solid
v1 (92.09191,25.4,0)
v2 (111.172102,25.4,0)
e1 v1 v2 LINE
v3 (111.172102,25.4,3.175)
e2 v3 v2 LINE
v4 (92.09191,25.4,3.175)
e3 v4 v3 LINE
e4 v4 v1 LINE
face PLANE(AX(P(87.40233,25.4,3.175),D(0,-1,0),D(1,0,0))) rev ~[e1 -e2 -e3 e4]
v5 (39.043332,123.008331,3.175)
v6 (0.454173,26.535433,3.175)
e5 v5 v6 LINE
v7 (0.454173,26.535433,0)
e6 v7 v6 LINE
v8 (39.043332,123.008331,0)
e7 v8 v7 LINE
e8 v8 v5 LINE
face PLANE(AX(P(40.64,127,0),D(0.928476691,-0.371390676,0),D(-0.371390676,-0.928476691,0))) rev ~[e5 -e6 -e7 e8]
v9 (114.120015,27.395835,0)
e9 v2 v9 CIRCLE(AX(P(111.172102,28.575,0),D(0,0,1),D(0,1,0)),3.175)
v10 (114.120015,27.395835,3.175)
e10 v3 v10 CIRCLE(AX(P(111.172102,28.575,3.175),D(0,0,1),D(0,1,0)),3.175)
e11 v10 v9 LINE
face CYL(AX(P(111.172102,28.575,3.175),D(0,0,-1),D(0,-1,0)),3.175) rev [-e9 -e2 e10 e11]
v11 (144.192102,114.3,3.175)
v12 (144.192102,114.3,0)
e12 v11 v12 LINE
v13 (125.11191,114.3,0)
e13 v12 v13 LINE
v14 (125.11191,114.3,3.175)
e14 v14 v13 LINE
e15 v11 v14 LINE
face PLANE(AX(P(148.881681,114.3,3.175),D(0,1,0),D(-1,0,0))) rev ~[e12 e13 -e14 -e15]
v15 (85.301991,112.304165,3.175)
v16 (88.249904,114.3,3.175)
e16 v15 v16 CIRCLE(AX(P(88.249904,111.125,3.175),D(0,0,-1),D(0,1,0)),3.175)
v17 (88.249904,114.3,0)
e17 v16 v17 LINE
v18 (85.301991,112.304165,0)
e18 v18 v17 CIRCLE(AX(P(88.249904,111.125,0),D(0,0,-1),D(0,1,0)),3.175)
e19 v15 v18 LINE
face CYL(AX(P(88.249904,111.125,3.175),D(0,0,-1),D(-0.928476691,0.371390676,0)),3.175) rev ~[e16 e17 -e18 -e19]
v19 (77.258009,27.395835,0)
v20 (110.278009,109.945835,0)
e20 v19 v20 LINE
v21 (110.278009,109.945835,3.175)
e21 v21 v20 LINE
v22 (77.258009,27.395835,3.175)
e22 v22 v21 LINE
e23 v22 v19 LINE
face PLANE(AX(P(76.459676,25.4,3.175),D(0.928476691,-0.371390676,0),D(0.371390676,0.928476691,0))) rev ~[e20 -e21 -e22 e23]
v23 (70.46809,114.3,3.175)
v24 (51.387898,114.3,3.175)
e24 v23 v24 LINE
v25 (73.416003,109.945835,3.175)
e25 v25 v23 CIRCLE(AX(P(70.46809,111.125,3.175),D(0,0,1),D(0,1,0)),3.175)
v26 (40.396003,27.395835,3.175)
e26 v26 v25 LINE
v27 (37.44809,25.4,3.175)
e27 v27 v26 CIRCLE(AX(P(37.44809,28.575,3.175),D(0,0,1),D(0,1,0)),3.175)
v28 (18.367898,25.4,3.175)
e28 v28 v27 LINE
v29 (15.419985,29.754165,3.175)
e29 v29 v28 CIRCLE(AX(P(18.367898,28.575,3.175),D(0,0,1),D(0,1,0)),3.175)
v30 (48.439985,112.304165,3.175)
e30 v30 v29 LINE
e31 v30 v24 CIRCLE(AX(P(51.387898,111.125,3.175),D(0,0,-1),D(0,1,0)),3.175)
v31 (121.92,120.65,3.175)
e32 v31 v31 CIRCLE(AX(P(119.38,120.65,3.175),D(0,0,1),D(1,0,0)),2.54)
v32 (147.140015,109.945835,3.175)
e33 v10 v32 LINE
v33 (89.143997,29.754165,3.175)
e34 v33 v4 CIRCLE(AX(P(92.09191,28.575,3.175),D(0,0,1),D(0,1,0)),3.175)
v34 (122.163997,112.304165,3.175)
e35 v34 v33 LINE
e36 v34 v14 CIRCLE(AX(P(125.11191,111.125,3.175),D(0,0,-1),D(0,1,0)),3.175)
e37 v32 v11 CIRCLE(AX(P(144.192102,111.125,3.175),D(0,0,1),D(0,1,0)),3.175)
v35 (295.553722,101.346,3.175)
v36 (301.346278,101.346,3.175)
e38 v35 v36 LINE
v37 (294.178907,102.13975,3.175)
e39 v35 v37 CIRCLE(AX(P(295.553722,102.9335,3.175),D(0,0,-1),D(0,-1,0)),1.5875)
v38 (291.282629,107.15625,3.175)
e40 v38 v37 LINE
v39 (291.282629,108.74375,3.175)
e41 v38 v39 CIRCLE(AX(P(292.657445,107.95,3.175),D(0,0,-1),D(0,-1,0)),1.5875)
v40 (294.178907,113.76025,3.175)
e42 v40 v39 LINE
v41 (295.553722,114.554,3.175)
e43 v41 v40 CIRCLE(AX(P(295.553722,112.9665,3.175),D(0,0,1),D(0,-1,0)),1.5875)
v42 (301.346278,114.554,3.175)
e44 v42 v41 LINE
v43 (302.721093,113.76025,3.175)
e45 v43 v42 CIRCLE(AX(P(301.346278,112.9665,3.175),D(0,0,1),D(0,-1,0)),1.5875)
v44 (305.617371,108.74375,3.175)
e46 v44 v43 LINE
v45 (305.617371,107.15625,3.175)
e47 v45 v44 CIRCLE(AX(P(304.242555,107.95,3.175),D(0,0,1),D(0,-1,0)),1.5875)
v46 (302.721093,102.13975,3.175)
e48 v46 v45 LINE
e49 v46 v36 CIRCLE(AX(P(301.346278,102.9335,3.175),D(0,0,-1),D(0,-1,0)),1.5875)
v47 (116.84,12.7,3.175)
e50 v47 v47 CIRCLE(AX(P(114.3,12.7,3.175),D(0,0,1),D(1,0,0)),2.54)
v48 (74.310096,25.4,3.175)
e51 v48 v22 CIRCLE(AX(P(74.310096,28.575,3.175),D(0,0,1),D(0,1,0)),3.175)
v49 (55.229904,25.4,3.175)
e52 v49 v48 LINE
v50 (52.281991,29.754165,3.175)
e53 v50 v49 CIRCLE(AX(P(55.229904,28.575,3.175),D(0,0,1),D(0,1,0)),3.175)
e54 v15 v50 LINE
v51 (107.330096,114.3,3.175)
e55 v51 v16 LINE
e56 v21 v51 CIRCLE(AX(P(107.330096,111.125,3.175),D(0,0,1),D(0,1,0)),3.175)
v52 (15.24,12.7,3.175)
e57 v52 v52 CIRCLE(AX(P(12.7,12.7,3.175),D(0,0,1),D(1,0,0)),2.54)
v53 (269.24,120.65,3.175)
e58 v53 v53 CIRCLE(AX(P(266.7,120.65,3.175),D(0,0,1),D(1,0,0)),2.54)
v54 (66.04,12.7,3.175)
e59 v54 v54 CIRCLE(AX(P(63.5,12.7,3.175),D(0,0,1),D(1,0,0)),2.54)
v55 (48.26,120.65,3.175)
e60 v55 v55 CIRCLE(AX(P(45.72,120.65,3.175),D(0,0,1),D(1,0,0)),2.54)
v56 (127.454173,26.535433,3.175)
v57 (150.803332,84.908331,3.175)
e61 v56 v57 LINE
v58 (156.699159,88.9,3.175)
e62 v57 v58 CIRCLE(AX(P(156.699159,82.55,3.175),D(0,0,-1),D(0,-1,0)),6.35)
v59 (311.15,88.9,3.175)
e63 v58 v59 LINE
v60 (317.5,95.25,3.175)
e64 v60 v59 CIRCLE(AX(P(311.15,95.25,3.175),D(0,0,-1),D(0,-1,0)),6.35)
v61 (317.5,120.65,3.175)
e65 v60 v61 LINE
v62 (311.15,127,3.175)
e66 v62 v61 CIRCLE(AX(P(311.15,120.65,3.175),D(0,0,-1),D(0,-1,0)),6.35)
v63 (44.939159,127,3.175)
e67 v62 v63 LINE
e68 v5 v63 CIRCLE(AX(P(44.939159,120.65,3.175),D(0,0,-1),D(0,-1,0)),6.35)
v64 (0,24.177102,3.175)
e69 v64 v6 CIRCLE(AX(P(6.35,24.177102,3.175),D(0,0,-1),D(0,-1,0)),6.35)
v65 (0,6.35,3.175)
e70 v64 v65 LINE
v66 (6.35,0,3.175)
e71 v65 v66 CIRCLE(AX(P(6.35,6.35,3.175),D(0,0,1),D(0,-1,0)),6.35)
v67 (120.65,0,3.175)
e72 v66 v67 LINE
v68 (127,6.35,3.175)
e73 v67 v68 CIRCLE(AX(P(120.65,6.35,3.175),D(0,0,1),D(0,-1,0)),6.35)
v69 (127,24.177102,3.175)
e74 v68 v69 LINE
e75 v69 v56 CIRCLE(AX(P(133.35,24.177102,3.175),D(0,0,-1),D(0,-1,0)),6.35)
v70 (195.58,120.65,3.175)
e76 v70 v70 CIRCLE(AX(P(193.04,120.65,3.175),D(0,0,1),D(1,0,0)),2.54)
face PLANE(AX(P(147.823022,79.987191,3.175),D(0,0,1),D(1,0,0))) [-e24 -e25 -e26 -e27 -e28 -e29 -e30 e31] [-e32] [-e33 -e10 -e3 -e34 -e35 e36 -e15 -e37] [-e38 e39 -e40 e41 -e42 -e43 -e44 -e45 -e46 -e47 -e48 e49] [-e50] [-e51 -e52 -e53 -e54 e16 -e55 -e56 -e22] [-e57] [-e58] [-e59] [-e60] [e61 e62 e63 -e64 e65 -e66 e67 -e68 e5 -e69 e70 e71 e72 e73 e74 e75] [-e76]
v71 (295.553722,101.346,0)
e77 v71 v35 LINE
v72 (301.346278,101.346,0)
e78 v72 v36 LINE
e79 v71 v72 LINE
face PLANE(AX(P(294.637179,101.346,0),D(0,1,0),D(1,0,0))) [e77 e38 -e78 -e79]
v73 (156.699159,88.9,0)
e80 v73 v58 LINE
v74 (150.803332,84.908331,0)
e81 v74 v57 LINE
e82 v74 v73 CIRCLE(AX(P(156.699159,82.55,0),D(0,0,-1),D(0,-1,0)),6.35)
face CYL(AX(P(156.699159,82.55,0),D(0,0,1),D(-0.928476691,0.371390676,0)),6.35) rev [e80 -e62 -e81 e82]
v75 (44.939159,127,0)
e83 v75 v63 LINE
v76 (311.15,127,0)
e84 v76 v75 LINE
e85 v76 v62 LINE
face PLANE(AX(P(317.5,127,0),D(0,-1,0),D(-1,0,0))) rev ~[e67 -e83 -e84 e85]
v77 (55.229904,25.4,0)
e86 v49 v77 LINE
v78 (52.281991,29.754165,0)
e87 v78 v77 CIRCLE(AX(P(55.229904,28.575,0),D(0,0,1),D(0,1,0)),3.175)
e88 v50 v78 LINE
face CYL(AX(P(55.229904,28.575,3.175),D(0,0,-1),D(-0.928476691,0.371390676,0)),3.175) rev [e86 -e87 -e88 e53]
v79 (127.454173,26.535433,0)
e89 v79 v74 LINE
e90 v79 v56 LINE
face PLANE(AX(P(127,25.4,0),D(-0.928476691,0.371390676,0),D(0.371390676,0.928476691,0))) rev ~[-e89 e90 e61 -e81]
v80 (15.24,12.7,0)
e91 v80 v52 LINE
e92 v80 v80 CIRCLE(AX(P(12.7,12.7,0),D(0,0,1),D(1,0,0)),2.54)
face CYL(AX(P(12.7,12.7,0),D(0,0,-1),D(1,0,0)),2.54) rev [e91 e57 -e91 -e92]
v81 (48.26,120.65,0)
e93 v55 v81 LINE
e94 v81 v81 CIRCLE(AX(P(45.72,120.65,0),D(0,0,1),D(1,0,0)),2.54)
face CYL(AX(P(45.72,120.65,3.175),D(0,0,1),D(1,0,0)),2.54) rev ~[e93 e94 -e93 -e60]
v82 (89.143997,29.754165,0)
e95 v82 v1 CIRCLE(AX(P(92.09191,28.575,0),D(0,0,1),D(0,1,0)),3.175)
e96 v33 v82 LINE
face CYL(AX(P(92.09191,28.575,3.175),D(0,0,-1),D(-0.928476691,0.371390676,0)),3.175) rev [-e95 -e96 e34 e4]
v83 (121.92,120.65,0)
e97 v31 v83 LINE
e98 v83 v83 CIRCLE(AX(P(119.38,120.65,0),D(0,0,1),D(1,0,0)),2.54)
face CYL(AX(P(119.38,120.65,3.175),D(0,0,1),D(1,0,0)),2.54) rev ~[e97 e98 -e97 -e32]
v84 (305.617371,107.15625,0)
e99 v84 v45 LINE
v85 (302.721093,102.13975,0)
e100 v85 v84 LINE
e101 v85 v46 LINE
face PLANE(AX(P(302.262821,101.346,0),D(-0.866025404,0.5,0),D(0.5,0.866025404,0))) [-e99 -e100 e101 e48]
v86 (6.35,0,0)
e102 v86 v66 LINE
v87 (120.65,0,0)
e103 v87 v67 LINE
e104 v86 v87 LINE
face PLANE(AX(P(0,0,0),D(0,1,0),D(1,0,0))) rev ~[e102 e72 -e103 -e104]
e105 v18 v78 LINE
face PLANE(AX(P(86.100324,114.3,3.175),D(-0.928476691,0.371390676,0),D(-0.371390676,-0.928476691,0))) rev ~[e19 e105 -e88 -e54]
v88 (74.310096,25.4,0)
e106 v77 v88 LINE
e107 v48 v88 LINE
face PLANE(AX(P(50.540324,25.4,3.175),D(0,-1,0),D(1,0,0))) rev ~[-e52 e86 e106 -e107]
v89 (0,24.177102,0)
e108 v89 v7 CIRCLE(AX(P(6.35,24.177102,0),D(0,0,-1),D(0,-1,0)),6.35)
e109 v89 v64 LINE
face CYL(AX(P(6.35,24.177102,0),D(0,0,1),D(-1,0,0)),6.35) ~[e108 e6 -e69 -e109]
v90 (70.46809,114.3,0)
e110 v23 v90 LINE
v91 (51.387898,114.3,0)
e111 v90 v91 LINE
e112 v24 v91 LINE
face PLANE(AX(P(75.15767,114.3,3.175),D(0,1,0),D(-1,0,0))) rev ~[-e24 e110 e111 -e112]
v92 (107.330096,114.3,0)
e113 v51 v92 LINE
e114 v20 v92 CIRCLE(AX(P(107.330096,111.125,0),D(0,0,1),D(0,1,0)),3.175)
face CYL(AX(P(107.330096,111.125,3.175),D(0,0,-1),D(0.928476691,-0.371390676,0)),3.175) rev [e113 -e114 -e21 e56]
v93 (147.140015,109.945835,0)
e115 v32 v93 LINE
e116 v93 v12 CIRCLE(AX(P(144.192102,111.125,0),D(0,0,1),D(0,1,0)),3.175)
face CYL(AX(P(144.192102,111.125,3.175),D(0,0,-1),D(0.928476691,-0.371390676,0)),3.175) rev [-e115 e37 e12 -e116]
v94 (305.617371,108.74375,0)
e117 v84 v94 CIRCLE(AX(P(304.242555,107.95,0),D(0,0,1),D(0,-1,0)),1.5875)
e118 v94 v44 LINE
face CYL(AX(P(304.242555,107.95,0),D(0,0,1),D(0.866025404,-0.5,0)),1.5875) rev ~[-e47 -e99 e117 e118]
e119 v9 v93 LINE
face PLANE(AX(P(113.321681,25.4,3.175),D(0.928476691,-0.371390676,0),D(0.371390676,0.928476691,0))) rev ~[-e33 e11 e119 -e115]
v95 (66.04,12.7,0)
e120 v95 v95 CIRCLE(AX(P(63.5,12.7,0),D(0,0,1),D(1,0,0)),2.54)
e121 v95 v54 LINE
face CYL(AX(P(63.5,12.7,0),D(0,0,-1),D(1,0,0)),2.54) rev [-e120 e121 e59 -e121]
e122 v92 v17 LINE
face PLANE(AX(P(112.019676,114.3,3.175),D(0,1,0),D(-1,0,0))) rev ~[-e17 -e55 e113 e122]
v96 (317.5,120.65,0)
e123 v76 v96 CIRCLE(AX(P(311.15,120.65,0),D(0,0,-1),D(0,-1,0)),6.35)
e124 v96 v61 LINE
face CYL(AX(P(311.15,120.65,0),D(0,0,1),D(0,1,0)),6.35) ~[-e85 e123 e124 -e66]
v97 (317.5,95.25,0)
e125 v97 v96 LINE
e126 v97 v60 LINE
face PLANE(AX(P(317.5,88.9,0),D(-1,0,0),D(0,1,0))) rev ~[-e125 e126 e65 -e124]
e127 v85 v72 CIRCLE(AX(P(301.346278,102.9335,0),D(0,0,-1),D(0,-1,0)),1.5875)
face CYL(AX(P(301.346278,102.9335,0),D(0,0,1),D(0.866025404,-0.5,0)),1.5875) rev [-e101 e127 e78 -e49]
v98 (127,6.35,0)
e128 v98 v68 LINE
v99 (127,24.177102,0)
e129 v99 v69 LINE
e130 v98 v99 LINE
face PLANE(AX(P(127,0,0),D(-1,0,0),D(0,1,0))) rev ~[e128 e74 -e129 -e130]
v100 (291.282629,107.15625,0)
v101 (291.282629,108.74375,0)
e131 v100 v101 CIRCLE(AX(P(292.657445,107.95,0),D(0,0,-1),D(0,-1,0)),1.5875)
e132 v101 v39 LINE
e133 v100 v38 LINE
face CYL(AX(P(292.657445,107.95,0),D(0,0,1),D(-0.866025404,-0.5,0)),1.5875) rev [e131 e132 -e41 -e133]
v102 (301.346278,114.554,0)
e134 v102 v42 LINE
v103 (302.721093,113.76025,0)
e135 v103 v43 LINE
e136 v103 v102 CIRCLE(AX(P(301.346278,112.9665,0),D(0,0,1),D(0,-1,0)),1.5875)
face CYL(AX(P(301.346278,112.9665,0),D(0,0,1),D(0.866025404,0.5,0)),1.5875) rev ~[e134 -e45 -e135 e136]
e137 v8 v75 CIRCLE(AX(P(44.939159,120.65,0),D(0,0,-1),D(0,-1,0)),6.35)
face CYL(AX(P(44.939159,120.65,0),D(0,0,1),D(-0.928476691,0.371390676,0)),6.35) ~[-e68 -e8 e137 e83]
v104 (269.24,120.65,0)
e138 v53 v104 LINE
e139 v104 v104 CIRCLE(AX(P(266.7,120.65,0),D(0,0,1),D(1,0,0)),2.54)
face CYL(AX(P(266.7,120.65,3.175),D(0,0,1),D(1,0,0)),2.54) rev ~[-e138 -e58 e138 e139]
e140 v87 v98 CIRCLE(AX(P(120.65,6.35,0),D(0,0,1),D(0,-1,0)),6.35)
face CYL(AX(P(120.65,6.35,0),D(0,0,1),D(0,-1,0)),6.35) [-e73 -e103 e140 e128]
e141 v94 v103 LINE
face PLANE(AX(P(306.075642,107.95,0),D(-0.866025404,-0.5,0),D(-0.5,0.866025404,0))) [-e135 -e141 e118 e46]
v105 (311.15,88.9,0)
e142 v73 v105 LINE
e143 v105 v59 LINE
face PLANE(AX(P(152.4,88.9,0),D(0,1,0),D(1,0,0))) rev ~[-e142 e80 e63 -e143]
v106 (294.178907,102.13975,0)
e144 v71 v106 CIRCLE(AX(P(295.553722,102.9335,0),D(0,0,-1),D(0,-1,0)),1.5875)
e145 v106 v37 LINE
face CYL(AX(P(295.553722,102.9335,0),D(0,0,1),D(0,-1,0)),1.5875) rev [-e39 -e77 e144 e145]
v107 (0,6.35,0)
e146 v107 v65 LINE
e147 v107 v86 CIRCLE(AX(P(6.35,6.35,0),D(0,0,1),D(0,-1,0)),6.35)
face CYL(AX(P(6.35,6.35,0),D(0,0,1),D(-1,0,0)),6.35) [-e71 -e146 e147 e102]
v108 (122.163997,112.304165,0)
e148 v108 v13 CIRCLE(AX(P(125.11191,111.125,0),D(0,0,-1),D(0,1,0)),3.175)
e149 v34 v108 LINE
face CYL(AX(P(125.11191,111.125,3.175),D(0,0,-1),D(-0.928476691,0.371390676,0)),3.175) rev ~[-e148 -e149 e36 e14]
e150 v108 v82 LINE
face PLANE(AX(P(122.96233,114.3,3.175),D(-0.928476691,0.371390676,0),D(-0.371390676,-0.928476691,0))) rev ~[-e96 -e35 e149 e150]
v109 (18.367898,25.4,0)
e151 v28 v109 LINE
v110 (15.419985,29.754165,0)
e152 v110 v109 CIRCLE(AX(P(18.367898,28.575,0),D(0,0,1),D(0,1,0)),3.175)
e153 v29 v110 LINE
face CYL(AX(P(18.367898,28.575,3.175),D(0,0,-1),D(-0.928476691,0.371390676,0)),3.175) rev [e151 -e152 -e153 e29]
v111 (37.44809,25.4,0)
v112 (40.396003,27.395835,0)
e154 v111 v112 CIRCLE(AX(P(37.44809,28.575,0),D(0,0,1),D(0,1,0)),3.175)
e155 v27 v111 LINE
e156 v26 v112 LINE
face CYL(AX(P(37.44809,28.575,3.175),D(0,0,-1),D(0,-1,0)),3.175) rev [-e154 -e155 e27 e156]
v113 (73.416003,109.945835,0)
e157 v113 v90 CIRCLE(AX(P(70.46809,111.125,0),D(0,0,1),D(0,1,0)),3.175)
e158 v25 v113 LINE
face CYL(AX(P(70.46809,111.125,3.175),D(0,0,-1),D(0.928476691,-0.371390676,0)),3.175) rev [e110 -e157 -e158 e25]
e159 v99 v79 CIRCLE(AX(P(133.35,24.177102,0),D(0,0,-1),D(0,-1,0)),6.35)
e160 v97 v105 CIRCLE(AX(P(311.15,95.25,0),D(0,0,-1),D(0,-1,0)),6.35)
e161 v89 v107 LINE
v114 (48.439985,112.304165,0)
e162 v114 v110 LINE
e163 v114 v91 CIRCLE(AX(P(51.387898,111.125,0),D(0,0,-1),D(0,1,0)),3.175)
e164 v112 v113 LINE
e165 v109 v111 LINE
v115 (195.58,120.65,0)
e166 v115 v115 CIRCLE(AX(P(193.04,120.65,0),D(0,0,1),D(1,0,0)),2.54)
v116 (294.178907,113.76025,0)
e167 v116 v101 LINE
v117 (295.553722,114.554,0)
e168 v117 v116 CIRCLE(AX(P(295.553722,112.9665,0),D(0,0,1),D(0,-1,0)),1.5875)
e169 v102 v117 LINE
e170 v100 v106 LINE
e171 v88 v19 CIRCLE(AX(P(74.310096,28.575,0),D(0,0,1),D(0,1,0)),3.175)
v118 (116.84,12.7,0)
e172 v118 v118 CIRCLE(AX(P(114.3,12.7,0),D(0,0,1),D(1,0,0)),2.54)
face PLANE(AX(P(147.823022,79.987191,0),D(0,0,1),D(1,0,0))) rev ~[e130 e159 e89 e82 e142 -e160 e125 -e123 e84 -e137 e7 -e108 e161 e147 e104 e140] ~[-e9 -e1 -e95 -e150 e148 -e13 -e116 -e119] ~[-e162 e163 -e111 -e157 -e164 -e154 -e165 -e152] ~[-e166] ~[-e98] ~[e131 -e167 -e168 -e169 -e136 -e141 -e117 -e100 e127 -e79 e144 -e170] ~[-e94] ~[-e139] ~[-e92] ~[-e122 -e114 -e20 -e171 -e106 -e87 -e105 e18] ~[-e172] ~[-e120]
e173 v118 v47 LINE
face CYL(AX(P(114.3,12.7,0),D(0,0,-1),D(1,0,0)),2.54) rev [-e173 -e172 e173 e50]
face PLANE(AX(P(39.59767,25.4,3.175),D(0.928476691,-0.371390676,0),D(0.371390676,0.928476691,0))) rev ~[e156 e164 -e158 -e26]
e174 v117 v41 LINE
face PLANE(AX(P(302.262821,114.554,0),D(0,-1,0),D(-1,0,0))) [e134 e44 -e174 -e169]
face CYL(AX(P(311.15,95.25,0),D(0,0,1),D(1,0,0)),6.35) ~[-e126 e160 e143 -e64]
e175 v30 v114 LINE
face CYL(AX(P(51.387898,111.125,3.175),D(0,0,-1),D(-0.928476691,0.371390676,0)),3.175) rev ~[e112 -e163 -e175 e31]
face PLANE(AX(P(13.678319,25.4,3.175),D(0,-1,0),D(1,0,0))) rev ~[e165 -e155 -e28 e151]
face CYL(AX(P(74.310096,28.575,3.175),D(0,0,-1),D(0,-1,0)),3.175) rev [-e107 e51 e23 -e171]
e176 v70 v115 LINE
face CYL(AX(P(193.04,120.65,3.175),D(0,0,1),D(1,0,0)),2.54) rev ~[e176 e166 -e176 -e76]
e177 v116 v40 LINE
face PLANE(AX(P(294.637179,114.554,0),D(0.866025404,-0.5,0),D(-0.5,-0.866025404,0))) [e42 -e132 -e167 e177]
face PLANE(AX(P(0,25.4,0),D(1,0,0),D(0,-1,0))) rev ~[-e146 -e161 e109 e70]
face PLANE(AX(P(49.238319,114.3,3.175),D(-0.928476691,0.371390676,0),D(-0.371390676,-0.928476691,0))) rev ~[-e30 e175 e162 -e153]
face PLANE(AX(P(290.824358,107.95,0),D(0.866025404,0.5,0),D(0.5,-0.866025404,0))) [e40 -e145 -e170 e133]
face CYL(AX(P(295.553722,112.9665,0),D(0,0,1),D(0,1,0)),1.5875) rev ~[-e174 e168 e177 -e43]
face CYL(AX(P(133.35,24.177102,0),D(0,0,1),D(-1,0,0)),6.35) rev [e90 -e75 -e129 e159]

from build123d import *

# Parameters (mm, degrees)
SKETCH1_R           = 2.54
BOSS_EXTRUDE1_DEPTH = 3.175
FILLET1_R           = 6.35
CUT_EXTRUDE1_DEPTH  = 342.972704503
FILLET2_R           = 3.175
SKETCH3_R           = 2.54
CUT_EXTRUDE2_DEPTH  = 342.972704503
FILLET3_R           = 1.5875


with BuildPart() as part:
    # Sketch1 → Boss-Extrude1 (new body)
    with BuildSketch(Plane.XY):
        Polygon((0, 25.4), (0, 0), (127, 0), (127, 25.4), (152.4, 88.9), (317.5, 88.9), (317.5, 127), (279.4, 127), (152.4, 127), (40.64, 127), align=None)
        with Locations((12.7, 12.7)):
            Circle(SKETCH1_R, mode=Mode.SUBTRACT)
        with Locations((63.5, 12.7)):
            Circle(SKETCH1_R, mode=Mode.SUBTRACT)
        with Locations((114.3, 12.7)):
            Circle(SKETCH1_R, mode=Mode.SUBTRACT)
        Polygon((302.262821178, 101.346), (306.075642355, 107.95), (302.262821178, 114.554), (294.637178822, 114.554), (290.824357645, 107.95), (294.637178822, 101.346), align=None, mode=Mode.SUBTRACT)
    extrude(amount=BOSS_EXTRUDE1_DEPTH)

    # Fillet1
    fillet1_edges = [part.edges().sort_by_distance(p)[0] for p in [
        (40.64, 127, 1.5875),
        (317.5, 127, 1.5875),
        (317.5, 88.9, 1.5875),
        (152.4, 88.9, 1.5875),
        (127, 25.4, 1.5875),
        (127, 0, 1.5875),
        (0, 0, 1.5875),
        (0, 25.4, 1.5875),
    ]]
    fillet(fillet1_edges, radius=FILLET1_R)

    # Sketch2 → Cut-Extrude1 (cut, through all)
    with BuildSketch(Plane.XY.offset(3.175)):
        Polygon((49.23831861, 114.3), (13.67831861, 25.4), (39.597669611, 25.4), (75.157669611, 114.3), align=None)
        Polygon((86.100324499, 114.3), (50.540324499, 25.4), (76.459675501, 25.4), (112.019675501, 114.3), align=None)
        Polygon((122.962330389, 114.3), (87.402330389, 25.4), (113.32168139, 25.4), (148.88168139, 114.3), align=None)
    extrude(amount=-CUT_EXTRUDE1_DEPTH, mode=Mode.SUBTRACT)

    # Fillet2
    fillet2_edges = [part.edges().sort_by_distance(p)[0] for p in [
        (76.459675501, 25.4, 1.5875),
        (50.540324499, 25.4, 1.5875),
        (86.100324499, 114.3, 1.5875),
        (112.019675501, 114.3, 1.5875),
        (148.88168139, 114.3, 1.5875),
        (113.32168139, 25.4, 1.5875),
        (87.402330389, 25.4, 1.5875),
        (122.962330389, 114.3, 1.5875),
        (39.597669611, 25.4, 1.5875),
        (13.67831861, 25.4, 1.5875),
        (49.23831861, 114.3, 1.5875),
        (75.157669611, 114.3, 1.5875),
    ]]
    fillet(fillet2_edges, radius=FILLET2_R)

    # Sketch3 → Cut-Extrude2 (cut, through all)
    with BuildSketch(Plane.XY.offset(3.175)):
        with Locations((45.72, 120.65)):
            Circle(SKETCH3_R)
        with Locations((119.38, 120.65)):
            Circle(SKETCH3_R)
        with Locations((193.04, 120.65)):
            Circle(SKETCH3_R)
        with Locations((266.7, 120.65)):
            Circle(SKETCH3_R)
    extrude(amount=-CUT_EXTRUDE2_DEPTH, mode=Mode.SUBTRACT)

    # Fillet3
    fillet3_edges = [part.edges().sort_by_distance(p)[0] for p in [
        (294.637178822, 101.346, 1.5875),
        (302.262821178, 101.346, 1.5875),
        (306.075642355, 107.95, 1.5875),
        (302.262821178, 114.554, 1.5875),
        (294.637178822, 114.554, 1.5875),
        (290.824357645, 107.95, 1.5875),
    ]]
    fillet(fillet3_edges, radius=FILLET3_R)


solid = part.part
